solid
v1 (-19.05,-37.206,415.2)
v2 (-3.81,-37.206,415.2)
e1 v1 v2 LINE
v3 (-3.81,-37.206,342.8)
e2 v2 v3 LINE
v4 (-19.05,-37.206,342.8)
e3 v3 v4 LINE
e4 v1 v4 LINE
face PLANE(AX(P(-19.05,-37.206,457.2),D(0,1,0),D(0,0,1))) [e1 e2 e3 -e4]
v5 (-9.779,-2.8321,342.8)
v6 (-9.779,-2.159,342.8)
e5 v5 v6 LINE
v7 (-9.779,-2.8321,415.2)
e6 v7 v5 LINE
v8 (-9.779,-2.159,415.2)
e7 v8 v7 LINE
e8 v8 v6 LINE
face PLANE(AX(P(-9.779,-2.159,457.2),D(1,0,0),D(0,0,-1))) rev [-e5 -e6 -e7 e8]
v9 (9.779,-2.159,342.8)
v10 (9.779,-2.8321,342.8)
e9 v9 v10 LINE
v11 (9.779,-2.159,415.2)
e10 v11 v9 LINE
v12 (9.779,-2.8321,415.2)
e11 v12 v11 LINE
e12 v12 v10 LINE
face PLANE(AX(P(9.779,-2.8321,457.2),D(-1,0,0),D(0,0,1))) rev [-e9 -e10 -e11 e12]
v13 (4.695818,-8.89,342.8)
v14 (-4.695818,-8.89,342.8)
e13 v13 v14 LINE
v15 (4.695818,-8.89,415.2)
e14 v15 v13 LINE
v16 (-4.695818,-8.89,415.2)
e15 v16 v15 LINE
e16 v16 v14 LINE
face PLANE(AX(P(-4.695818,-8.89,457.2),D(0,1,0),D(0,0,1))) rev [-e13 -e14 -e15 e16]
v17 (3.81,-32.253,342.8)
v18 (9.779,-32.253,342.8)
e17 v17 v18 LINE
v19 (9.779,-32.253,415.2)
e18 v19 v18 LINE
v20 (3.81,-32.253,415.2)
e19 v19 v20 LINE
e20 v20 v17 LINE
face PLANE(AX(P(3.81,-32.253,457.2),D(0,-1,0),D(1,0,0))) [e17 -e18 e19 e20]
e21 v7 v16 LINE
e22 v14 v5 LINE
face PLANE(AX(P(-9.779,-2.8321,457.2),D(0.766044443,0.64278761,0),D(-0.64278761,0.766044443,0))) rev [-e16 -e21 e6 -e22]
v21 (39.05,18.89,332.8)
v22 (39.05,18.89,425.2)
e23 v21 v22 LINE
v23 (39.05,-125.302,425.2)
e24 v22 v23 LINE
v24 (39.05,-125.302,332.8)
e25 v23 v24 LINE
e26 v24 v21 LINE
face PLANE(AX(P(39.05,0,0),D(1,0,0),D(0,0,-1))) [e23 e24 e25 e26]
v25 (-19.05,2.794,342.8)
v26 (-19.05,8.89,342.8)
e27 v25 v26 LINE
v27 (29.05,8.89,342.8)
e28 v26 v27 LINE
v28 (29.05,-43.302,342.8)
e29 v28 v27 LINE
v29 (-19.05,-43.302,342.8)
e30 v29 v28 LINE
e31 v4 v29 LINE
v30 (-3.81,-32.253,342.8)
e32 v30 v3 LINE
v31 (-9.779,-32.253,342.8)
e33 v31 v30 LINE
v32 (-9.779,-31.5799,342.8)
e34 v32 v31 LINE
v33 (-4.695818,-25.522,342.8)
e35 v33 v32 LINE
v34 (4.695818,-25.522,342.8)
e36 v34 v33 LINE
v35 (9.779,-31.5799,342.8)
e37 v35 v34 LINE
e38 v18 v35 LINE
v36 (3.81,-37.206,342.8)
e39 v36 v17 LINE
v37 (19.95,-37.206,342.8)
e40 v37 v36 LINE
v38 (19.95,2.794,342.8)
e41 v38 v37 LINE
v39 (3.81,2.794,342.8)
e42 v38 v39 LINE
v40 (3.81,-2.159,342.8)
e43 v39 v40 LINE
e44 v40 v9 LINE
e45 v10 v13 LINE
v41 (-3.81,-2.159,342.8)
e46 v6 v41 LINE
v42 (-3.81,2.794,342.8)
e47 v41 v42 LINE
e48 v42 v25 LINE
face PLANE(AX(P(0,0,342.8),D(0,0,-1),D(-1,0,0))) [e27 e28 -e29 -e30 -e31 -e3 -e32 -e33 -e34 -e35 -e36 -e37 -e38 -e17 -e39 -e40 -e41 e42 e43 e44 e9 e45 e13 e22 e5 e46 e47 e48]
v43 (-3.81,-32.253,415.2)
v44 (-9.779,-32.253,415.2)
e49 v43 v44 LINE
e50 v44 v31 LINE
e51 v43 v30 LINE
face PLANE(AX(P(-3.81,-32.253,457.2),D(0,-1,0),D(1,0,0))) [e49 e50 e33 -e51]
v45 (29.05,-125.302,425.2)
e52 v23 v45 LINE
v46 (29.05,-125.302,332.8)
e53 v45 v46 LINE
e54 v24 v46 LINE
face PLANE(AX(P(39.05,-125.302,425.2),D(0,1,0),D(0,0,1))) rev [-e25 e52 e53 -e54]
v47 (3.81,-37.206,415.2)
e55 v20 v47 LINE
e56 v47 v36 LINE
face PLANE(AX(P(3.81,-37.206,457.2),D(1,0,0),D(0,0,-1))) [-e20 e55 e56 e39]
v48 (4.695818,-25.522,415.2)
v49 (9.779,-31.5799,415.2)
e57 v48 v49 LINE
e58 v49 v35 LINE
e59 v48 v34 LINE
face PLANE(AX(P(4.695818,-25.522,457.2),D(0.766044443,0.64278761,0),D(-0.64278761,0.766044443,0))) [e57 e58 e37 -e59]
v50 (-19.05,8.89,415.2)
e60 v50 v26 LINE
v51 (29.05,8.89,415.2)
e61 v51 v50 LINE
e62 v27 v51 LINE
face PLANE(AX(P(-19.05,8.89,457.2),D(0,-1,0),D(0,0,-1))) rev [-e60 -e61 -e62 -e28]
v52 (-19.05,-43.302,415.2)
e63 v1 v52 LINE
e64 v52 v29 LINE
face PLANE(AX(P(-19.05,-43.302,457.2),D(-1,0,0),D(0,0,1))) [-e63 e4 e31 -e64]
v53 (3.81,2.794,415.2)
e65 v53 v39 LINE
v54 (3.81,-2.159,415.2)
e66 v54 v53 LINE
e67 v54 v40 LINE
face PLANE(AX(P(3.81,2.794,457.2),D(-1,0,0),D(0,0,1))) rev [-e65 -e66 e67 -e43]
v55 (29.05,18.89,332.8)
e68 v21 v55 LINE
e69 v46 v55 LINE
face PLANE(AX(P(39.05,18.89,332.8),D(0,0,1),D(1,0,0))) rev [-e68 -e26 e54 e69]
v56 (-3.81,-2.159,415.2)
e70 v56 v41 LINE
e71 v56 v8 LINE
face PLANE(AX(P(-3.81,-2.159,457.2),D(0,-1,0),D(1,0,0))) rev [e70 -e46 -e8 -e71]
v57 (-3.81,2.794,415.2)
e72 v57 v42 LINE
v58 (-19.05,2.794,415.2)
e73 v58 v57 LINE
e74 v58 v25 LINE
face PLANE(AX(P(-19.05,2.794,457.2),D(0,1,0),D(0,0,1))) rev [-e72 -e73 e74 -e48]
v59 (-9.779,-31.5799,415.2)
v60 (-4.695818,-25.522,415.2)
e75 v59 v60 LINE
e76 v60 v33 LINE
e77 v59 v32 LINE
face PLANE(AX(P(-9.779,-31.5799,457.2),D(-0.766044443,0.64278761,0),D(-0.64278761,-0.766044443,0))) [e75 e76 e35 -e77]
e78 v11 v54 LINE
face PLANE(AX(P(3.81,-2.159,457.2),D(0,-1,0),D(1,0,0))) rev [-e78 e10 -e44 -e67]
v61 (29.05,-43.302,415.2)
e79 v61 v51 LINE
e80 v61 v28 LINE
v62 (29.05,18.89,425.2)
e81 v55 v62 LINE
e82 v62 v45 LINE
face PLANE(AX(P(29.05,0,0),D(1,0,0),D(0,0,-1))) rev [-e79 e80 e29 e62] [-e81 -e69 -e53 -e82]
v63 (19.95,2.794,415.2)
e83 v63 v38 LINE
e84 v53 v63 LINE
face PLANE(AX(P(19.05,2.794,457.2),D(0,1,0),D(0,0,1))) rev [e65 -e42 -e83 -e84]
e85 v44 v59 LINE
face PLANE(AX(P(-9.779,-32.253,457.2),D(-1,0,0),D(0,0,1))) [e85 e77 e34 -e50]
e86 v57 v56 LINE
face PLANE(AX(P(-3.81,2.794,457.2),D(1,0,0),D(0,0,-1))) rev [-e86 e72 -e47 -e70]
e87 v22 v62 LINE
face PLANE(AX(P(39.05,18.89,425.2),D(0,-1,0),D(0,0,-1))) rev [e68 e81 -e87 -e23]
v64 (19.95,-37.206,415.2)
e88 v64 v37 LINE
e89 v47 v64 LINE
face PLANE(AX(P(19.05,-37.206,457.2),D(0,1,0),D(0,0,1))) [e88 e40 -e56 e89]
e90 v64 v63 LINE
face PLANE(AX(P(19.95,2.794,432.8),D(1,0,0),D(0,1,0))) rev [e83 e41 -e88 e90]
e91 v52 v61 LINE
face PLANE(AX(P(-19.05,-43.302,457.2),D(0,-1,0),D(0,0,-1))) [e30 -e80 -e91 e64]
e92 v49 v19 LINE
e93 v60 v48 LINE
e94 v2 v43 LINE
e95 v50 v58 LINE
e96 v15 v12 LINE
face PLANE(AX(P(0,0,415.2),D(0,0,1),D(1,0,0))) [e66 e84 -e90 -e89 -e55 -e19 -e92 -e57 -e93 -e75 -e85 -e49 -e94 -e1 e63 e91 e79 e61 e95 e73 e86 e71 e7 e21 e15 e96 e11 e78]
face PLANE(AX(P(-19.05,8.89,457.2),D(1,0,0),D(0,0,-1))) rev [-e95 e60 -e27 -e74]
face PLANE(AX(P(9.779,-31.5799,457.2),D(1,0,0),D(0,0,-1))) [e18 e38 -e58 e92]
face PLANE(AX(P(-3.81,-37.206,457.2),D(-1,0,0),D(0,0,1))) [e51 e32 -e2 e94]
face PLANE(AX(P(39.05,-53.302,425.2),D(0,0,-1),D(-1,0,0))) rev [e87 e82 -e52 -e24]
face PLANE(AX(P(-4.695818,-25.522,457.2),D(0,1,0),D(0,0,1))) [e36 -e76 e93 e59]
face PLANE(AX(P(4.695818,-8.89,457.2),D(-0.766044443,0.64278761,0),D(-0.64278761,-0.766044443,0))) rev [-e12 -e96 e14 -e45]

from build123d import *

# Parameters (mm, degrees)
BOSS_EXTRUDE1_DEPTH = 457.2
SKETCH2_W           = 42.050956734
SKETCH2_H           = 23.599286926
CUT_EXTRUDE1_DEPTH  = 800
SKETCH3_W           = 114.4
SKETCH3_H           = 56.436670765
BOSS_EXTRUDE2_DEPTH = 10
SKETCH4_W           = 114.4
SKETCH4_H           = 4.244670765
CUT_EXTRUDE2_DEPTH  = 10
SKETCH7_W           = 48.1
SKETCH7_H           = 52.192
CUT_EXTRUDE3_DEPTH  = 42
SKETCH8_W           = 0.9
SKETCH8_H           = 40
CUT_EXTRUDE4_DEPTH  = 90
BOSS_EXTRUDE3_DEPTH = 10


with BuildPart() as part:
    # Sketch1 → Boss-Extrude1 (new body, symmetric)
    with BuildSketch(Plane.XY):
        Polygon((-19.05, 8.89), (19.05, 8.89), (19.05, 2.794), (3.81, 2.794), (3.81, -2.159), (9.779, -2.159), (9.779, -2.8321), (4.695818344, -8.89), (-4.695818344, -8.89), (-9.779, -2.8321), (-9.779, -2.159), (-3.81, -2.159), (-3.81, 2.794), (-19.05, 2.794), align=None)
    boss_extrude1 = extrude(amount=BOSS_EXTRUDE1_DEPTH, both=True)

    # Sketch2 → Cut-Extrude1 (cut)
    with BuildSketch(Plane(origin=(0, 0, -457.2), x_dir=(-1, 0, 0), z_dir=(0, 0, -1))):
        Rectangle(SKETCH2_W, SKETCH2_H)
    cut_extrude1 = extrude(amount=-CUT_EXTRUDE1_DEPTH, mode=Mode.SUBTRACT)

    # Sketch3 → Boss-Extrude2 (add)
    with BuildSketch(Plane(origin=(19.05, 0, 0), x_dir=(0, 0, -1), z_dir=(1, 0, 0))):
        with Locations((-400, -19.328335383)):
            Rectangle(SKETCH3_W, SKETCH3_H)
    extrude(amount=BOSS_EXTRUDE2_DEPTH)

    # Mirror1: Boss-Extrude1, Cut-Extrude1 across plane
    add(boss_extrude1.mirror(Plane(origin=(0, -17.206, 0), x_dir=(0, 0, 1), z_dir=(0, -1, 0))))
    add(cut_extrude1.mirror(Plane(origin=(0, -17.206, 0), x_dir=(0, 0, 1), z_dir=(0, -1, 0))), mode=Mode.SUBTRACT)

    # Sketch4 → Cut-Extrude2 (cut)
    with BuildSketch(Plane.ZY.offset(-19.05)):
        with Locations((400, -45.424335383)):
            Rectangle(SKETCH4_W, SKETCH4_H)
    extrude(amount=-CUT_EXTRUDE2_DEPTH, mode=Mode.SUBTRACT)

    # Sketch7 → Cut-Extrude3 (cut)
    with BuildSketch(Plane.XY.offset(457.2)):
        with Locations((5, -17.206)):
            Rectangle(SKETCH7_W, SKETCH7_H)
    extrude(amount=-CUT_EXTRUDE3_DEPTH, mode=Mode.SUBTRACT)

    # Sketch8 → Cut-Extrude4 (cut)
    with BuildSketch(Plane(origin=(0, 0, 342.8), x_dir=(-1, 0, 0), z_dir=(0, 0, -1))):
        with Locations((-19.5, -17.206)):
            Rectangle(SKETCH8_W, SKETCH8_H)
    extrude(amount=-CUT_EXTRUDE4_DEPTH, mode=Mode.SUBTRACT)

    # Sketch10 → Boss-Extrude3 (add)
    with BuildSketch(Plane(origin=(29.05, 0, 0), x_dir=(0, 0, -1), z_dir=(1, 0, 0))):
        Polygon((-425.2, 18.89), (-332.8, 18.89), (-332.8, -53.302), (-332.8, -125.302), (-425.2, -125.302), (-425.2, -53.302), align=None)
    extrude(amount=BOSS_EXTRUDE3_DEPTH)


solid = part.part
